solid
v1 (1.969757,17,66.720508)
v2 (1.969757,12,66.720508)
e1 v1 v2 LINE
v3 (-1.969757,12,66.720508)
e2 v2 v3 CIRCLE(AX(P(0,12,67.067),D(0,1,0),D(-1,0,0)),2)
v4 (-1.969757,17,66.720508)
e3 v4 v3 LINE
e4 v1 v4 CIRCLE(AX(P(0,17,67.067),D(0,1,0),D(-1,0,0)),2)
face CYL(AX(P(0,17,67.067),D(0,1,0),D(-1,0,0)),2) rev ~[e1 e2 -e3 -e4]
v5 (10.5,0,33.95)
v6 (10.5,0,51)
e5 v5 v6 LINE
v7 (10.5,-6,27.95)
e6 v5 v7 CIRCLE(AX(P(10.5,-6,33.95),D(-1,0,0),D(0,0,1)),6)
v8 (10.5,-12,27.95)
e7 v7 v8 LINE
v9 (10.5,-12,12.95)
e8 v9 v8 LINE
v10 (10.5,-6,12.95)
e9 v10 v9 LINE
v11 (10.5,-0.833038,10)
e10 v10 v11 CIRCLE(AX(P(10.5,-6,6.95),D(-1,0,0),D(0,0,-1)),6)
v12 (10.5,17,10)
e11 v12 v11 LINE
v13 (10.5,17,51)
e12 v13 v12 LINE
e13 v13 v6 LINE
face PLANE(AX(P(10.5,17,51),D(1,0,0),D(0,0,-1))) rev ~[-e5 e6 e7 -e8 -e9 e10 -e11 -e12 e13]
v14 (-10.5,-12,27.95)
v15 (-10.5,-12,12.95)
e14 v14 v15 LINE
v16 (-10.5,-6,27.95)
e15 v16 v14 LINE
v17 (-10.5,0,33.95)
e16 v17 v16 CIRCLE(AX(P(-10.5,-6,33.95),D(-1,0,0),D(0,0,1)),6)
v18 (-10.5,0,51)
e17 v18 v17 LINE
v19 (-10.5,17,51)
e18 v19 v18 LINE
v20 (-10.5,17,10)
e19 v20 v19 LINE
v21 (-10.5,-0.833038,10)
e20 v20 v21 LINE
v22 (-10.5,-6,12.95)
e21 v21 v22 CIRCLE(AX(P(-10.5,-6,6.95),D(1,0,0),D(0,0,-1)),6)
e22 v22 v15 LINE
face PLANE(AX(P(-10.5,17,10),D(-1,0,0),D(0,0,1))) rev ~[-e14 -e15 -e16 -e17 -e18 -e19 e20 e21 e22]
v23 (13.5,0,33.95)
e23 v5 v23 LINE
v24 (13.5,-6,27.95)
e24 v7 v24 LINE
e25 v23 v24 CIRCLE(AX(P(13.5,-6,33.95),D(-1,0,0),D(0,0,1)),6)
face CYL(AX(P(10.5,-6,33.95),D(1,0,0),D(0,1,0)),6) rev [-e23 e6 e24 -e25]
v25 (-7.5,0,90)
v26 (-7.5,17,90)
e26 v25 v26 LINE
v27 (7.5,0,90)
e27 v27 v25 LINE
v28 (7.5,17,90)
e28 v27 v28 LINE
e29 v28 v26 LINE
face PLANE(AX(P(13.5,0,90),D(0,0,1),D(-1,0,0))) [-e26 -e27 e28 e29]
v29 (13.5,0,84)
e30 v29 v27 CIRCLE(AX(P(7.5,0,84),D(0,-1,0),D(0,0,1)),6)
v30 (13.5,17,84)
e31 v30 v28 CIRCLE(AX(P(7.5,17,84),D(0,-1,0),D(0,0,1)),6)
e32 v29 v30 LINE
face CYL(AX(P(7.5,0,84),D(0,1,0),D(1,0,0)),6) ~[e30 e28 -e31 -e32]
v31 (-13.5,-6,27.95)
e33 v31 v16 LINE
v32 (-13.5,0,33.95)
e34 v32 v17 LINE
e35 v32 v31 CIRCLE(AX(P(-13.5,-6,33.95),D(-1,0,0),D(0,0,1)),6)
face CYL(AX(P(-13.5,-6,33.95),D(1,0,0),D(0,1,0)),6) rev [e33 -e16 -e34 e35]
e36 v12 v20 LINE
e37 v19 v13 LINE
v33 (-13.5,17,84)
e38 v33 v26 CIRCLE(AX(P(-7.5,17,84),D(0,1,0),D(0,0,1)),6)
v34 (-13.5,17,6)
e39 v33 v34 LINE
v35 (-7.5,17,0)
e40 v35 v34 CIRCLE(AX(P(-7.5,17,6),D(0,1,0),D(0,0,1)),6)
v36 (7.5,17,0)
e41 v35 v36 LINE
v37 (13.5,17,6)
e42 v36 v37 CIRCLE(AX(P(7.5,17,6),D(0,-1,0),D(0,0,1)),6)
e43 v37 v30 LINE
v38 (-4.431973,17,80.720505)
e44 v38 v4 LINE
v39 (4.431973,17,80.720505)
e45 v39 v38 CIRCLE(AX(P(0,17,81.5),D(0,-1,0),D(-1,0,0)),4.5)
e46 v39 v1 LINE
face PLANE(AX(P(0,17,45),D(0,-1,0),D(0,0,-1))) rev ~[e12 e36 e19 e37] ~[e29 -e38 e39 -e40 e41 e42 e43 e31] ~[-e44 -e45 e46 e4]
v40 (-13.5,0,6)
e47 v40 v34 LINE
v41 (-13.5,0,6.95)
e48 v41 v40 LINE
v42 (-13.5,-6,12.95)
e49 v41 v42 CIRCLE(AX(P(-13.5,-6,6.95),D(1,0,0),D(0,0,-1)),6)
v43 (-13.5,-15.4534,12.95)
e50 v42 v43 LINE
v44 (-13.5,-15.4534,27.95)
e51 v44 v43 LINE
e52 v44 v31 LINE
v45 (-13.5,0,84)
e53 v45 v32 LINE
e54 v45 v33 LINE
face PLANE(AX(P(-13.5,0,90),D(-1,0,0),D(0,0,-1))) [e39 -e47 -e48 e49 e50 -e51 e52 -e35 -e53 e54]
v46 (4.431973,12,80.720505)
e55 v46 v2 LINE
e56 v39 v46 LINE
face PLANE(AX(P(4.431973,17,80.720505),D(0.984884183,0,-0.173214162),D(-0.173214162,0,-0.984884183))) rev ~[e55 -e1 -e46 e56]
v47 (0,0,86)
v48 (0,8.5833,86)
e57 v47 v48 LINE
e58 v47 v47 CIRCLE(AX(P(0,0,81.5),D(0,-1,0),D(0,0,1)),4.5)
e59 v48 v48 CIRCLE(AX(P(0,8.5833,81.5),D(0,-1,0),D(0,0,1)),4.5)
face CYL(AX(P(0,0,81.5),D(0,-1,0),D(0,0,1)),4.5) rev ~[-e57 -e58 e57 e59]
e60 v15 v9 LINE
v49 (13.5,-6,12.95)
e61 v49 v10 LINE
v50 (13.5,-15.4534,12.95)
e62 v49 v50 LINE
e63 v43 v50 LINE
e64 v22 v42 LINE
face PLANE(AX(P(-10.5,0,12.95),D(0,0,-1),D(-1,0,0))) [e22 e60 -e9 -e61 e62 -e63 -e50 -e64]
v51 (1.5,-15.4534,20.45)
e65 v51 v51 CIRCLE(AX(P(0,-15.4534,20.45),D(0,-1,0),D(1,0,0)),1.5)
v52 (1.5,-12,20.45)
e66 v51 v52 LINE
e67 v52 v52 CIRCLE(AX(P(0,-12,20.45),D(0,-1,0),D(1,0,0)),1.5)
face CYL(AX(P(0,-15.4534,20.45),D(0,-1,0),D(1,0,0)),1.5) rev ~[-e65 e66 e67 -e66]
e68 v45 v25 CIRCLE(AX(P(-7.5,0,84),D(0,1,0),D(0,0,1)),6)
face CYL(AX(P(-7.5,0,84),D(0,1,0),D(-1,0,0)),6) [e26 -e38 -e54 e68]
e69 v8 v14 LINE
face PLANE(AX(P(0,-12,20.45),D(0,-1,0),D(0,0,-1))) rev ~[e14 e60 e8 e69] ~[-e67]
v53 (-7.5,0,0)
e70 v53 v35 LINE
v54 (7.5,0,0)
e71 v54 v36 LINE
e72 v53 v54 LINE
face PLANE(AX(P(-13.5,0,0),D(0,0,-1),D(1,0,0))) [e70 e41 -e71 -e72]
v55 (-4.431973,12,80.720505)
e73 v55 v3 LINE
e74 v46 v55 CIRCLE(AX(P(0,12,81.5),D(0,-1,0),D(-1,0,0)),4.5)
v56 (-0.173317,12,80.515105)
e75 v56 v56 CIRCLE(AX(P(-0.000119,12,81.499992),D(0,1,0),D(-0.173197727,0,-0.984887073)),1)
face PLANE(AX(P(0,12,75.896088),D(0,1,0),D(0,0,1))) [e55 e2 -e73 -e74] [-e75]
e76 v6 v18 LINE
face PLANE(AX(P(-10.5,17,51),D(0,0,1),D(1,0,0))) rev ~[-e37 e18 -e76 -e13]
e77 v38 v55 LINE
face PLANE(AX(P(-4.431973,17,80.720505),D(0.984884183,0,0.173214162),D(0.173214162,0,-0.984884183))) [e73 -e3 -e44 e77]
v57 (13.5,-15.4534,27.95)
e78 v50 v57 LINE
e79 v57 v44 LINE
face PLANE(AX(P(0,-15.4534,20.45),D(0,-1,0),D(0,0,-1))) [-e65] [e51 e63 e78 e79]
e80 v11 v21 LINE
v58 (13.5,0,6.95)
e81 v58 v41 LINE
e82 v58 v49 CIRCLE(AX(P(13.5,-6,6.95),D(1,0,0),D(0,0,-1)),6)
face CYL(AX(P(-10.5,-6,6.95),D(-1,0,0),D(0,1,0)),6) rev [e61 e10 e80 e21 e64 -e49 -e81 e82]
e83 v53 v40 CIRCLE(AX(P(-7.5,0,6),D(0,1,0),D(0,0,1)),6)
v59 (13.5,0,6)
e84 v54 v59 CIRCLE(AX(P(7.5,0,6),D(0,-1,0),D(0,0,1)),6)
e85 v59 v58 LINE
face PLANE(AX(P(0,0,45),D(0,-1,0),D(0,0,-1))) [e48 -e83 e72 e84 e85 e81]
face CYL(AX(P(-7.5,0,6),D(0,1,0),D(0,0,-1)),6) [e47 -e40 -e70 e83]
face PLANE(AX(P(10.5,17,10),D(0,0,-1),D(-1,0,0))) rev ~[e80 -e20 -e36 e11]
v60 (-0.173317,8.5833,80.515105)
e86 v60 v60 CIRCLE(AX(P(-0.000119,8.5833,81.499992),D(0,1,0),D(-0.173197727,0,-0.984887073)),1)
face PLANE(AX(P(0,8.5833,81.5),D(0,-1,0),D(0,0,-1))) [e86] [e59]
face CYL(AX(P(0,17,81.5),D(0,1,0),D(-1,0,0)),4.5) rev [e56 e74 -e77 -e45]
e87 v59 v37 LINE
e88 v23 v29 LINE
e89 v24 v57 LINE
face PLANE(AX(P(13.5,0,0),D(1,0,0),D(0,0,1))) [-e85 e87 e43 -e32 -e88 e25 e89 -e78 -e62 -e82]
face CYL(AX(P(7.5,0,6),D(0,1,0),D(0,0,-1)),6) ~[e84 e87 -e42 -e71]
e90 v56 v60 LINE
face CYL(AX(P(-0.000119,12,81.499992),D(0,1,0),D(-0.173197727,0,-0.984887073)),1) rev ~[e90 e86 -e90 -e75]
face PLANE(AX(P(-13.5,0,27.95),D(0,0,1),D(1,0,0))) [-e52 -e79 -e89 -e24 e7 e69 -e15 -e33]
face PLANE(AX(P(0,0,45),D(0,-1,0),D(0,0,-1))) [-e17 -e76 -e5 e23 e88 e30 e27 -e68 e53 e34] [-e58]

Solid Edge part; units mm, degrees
sketch "Sketch1" plane through (0, 0, 0) normal (0, -1, 0) x (1, 0, 0)
  line L0 (-13.5, 0) -> (13.5, 0)
  line L1 (13.5, 0) -> (13.5, 90)
  line L2 (13.5, 90) -> (-13.5, 90)
  line L3 (-13.5, 90) -> (-13.5, 0)
  dimension "D1" = 27
  dimension "D2" = 90
extrude "Protrusion1" add sketch "Sketch1" against normal blind 17
sketch "Sketch2" plane through (0, 17, 40) normal (0, 1, 0) x (-1, 0, 0)
  line L0 (-10.5, -30) -> (10.5, -30)
  line L1 (10.5, -30) -> (10.5, 11)
  line L2 (10.5, 11) -> (-10.5, 11)
  line L3 (-10.5, 11) -> (-10.5, -30)
  dimension "D1" = 21
  dimension "D2" = 41
  dimension "D3" = 10
extrude "ExtrudedCutout_1" cut sketch "Sketch2" against normal blind 53.489
sketch "Sketch3" plane through (0, 17, 40) normal (0, 1, 0) x (-1, 0, 0)
  line L0 (-4.432, 40.7205) -> (-1.9698, 26.7205)
  arc A0 (-1.9698, 26.7205) -> (1.9698, 26.7205) centre (0, 27.067) ccw
  line L1 (4.432, 40.7205) -> (1.9698, 26.7205)
  arc A1 (-4.432, 40.7205) -> (4.432, 40.7205) centre (0, 41.5) cw
  dimension "D1" = 14
  dimension "D2" = 2
  dimension "D3" = 4
extrude "ExtrudedCutout_2" cut sketch "Sketch3" against normal blind 5
fillet "Round_1" radius 6 4 edges at (-13.5, 8.5, 0) (13.5, 8.5, 0) (13.5, 8.5, 90) (-13.5, 8.5, 90)
sketch "Sketch4" plane through (0, 12, 75.5335) normal (0, 1, 0) x (-0.1732, 0, -0.9849)
  circle A0 centre (-5.8763, 1.0335) radius 1
extrude "Cutout1" cut sketch "Sketch4" against normal through all
sketch "Sketch5" plane through (0, 0, 45) normal (0, -1, 0) x (0, 0, 1)
  circle A0 centre (36.5, 0) radius 4.5
extrude "ExtrudedCutout_4" cut sketch "Sketch5" against normal blind 8.5833
sketch "Sketch6" plane through (0, 0, 45) normal (0, -1, 0) x (0, 0, -1)
  line L0 (17.05, 13.5) -> (32.05, 13.5)
  line L1 (32.05, 13.5) -> (32.05, 10.5)
  line L2 (32.05, 10.5) -> (17.05, 10.5)
  line L3 (17.05, 10.5) -> (17.05, 13.5)
  line L4 (17.05, -10.5) -> (32.05, -10.5)
  line L5 (32.05, -10.5) -> (32.05, -13.5)
  line L6 (32.05, -13.5) -> (17.05, -13.5)
  line L7 (17.05, -13.5) -> (17.05, -10.5)
  dimension "D1" = 10.45
  dimension "D2" = 15
extrude "ExtrudedProtrusion_3" add sketch "Sketch6" along normal blind 12
sketch "Sketch7" plane through (-12, -12, 20.45) normal (0, -1, 0) x (0, 0, -1)
  line L0 (-7.5, -1.5) -> (7.5, -1.5)
  line L1 (7.5, -1.5) -> (7.5, 25.5)
  line L2 (7.5, 25.5) -> (-7.5, 25.5)
  line L3 (-7.5, 25.5) -> (-7.5, -1.5)
extrude "ExtrudedProtrusion_4" add sketch "Sketch7" along normal blind 3.4534
sketch "Sketch8" plane through (0, -15.4534, 20.45) normal (0, -1, 0) x (1, 0, 0)
  circle A0 centre (0, 0) radius 1.5
extrude "ExtrudedCutout_5" cut sketch "Sketch8" against normal blind 4.5945
fillet "Round_2" radius 6 3 edges at (-12, 0, 27.95) (12, 0, 27.95) (-12, 0, 12.95)
